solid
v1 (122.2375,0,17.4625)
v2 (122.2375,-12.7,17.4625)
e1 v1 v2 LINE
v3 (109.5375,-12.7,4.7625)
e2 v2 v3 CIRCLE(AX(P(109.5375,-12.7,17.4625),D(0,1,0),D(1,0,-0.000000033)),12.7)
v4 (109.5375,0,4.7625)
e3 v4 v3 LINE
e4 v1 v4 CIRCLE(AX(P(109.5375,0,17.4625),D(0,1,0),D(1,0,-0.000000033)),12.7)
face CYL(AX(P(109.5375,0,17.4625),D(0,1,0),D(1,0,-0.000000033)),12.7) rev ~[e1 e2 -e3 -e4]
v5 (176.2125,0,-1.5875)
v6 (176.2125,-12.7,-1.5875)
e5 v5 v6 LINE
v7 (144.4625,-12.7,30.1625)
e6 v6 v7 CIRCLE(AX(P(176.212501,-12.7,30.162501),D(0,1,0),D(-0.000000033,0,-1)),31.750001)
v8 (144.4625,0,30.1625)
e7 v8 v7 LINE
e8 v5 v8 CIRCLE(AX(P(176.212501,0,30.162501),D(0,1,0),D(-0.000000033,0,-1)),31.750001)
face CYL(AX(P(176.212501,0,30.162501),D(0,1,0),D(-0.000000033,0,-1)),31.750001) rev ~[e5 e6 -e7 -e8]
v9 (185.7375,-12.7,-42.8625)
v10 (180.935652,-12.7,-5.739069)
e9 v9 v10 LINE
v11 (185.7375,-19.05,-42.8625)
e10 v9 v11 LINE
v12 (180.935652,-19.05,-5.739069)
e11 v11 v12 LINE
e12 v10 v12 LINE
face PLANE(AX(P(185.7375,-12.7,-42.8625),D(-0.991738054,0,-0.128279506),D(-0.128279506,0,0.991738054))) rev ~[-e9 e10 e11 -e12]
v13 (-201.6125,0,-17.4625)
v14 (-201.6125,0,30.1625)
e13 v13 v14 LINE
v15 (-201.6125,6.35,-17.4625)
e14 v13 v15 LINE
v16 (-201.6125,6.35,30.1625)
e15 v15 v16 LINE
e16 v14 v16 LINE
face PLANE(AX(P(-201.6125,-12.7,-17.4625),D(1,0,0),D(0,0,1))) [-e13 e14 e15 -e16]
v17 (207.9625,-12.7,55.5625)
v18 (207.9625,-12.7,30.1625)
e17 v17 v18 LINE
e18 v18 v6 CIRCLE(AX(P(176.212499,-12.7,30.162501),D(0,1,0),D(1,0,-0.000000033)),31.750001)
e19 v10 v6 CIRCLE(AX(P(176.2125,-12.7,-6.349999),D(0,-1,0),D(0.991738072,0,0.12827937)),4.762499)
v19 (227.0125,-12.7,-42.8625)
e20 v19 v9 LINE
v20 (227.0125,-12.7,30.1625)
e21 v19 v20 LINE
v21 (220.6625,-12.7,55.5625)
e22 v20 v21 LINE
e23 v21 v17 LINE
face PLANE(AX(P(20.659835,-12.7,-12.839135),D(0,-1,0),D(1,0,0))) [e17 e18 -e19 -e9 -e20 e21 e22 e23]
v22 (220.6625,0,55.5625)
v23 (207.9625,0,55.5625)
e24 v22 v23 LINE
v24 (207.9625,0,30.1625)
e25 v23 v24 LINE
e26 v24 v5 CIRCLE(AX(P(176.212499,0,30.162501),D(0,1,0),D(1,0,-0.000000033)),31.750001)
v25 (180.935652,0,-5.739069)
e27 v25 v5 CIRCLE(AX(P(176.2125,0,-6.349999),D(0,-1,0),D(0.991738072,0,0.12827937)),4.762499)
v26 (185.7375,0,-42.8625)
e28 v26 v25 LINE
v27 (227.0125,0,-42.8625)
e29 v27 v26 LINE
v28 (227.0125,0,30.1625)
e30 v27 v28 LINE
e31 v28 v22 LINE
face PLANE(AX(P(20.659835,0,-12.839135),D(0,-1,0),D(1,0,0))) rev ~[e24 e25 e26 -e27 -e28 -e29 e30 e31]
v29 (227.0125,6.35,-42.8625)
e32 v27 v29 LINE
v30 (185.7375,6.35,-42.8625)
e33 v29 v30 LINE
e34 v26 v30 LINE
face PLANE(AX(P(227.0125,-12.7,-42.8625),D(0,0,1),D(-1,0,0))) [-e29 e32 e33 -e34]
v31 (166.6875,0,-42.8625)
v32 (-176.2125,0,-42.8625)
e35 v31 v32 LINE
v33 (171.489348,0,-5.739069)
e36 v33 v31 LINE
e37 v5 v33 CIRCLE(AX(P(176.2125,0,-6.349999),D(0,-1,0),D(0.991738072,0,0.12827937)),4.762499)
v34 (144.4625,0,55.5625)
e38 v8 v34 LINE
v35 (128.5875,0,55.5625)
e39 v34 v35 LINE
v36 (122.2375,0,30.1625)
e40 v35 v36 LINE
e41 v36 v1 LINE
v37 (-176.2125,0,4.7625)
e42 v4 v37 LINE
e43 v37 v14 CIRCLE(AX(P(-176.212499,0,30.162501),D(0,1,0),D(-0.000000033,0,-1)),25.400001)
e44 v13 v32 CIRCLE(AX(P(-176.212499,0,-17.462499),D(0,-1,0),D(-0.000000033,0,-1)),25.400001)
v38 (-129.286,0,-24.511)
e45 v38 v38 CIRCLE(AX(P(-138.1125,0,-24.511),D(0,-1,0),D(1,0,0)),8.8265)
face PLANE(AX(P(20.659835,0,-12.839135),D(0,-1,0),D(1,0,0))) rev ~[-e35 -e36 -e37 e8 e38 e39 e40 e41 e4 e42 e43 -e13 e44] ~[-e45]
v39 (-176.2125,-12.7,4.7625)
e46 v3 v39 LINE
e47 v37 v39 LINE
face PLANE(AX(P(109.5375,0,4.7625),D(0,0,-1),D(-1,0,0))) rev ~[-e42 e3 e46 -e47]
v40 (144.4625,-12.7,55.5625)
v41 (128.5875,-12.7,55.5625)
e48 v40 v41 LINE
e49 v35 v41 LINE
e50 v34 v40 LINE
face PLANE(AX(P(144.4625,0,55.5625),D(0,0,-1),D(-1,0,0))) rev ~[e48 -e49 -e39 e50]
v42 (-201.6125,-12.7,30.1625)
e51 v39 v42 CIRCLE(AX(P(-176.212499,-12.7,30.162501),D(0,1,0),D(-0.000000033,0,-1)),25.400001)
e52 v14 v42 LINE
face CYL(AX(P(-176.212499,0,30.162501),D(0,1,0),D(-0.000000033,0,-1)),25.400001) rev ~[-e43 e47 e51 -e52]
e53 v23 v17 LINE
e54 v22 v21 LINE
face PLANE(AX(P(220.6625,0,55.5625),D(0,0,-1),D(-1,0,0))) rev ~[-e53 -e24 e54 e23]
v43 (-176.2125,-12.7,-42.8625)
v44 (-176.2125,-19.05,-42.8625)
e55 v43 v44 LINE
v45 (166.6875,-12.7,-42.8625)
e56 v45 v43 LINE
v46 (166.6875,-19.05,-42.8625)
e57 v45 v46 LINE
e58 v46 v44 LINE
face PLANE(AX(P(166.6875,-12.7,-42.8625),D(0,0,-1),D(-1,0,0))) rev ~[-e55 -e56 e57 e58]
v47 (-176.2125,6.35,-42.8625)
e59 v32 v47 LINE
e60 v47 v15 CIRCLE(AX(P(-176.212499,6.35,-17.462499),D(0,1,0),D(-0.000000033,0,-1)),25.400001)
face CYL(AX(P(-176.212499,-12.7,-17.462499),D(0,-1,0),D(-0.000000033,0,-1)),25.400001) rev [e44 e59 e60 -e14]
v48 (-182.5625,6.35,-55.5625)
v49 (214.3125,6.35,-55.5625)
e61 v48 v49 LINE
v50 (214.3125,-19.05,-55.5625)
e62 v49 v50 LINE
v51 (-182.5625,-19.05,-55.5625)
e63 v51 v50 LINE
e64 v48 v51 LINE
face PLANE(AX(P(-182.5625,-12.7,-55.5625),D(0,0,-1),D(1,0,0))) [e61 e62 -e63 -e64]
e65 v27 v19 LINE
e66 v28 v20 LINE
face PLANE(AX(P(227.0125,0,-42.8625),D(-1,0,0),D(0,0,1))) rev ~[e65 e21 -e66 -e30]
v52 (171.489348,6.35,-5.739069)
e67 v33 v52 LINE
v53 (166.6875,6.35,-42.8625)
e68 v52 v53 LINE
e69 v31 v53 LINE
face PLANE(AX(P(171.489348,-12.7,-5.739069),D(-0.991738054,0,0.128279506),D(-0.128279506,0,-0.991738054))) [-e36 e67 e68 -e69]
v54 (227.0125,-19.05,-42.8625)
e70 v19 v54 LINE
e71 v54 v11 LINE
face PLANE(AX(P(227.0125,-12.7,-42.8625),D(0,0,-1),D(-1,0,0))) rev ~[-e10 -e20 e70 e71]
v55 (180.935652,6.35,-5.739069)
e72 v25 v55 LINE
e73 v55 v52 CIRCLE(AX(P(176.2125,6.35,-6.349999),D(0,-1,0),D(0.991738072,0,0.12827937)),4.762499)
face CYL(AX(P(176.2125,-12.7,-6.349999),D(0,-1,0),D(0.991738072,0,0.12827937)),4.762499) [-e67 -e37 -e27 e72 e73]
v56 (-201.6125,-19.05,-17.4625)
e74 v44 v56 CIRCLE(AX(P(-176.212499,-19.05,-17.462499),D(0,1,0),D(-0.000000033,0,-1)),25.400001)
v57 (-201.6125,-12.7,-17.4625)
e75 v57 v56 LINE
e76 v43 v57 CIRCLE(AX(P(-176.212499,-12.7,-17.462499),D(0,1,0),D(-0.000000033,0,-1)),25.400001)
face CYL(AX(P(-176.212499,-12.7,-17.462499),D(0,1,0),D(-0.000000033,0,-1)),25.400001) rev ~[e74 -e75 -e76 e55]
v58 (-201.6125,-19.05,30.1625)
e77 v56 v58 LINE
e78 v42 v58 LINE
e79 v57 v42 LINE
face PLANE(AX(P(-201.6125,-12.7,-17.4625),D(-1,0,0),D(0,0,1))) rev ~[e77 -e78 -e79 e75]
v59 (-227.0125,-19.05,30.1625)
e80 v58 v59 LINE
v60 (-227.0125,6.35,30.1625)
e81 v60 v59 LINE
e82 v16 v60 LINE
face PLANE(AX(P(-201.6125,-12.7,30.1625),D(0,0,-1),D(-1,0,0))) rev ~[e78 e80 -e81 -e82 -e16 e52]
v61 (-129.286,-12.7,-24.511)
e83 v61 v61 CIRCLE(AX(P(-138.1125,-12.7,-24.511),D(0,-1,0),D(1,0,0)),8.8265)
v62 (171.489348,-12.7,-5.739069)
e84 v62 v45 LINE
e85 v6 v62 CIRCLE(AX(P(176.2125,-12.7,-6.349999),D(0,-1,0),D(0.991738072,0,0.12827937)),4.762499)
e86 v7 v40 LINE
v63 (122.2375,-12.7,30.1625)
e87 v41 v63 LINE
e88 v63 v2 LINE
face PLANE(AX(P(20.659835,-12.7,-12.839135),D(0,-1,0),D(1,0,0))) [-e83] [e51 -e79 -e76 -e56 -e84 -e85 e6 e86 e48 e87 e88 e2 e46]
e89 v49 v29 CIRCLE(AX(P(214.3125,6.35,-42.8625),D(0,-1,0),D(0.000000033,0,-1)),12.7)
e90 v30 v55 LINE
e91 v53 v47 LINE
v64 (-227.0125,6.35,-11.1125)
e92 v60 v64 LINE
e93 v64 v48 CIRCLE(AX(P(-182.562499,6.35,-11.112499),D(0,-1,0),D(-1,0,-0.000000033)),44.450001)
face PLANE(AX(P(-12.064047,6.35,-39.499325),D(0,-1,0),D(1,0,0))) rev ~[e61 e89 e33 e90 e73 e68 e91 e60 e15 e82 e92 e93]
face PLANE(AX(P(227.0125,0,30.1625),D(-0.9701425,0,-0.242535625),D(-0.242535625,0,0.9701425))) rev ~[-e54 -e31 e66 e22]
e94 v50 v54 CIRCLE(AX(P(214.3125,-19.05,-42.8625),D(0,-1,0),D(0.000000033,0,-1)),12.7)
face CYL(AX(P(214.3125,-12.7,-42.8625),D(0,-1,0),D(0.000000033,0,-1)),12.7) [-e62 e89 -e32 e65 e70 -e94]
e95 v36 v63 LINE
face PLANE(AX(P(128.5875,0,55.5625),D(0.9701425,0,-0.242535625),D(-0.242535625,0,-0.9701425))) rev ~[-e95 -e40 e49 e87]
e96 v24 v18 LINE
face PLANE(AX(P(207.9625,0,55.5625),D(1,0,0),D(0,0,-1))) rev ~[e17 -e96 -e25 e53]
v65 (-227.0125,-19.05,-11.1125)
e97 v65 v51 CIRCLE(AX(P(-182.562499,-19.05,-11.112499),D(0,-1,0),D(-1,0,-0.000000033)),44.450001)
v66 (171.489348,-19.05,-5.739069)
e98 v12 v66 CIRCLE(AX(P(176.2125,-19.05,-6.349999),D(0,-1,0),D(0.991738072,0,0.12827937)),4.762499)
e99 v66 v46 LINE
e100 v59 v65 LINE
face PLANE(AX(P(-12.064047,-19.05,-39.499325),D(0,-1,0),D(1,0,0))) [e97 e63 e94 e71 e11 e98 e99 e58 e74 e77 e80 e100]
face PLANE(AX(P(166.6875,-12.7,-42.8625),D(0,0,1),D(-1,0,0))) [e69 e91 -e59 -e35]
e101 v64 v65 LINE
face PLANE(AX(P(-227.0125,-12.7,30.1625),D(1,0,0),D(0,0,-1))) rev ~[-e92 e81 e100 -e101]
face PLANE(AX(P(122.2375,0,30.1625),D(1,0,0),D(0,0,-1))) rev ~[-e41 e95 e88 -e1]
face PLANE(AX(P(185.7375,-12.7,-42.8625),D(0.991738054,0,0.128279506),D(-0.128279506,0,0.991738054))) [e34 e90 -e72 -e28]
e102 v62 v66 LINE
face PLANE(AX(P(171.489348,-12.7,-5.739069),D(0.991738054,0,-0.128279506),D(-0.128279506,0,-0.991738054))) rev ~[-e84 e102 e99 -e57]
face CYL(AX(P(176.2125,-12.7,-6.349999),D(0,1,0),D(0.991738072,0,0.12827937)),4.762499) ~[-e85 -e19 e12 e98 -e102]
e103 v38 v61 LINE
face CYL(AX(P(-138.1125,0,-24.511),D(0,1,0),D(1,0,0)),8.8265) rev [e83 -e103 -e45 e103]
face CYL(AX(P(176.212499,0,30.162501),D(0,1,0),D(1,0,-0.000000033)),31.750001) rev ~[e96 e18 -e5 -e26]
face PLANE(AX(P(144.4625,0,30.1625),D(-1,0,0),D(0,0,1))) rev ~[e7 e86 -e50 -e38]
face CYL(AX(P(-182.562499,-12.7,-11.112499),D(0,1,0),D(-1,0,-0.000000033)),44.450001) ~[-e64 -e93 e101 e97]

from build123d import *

# Parameters (mm, degrees)
F0_R          = 8.8265
F1_DEPTH      = 12.7
F3_DEPTH      = 6.35
F3_DEPTH_BACK = 19.05


with BuildPart() as f1:
    # F0 (on Front) → F1 (new body)
    with BuildSketch(Plane.XZ):
        with BuildLine():
            Line((227.0125, 30.1625), (220.6625, 55.5625))
            Line((220.6625, 55.5625), (207.9625, 55.5625))
            Line((207.9625, 55.5625), (207.9625, 30.1625))
            ThreePointArc((207.9625, 30.1625), (198.66314, 7.71186), (176.2125, -1.5875))
            ThreePointArc((176.2125, -1.5875), (153.76186, 7.71186), (144.4625, 30.1625))
            Line((144.4625, 30.1625), (144.4625, 55.5625))
            Line((144.4625, 55.5625), (128.5875, 55.5625))
            Line((128.5875, 55.5625), (122.2375, 30.1625))
            Line((122.2375, 30.1625), (122.2375, 17.4625))
            ThreePointArc((122.2375, 17.4625), (118.517756, 8.482244), (109.5375, 4.7625))
            Line((109.5375, 4.7625), (-176.2125, 4.7625))
            ThreePointArc((-176.2125, 4.7625), (-194.173012, 12.201988), (-201.6125, 30.1625))
            Line((-201.6125, 30.1625), (-227.0125, 30.1625))
            Line((-227.0125, 30.1625), (-227.0125, -11.1125))
            ThreePointArc((-227.0125, -11.1125), (-213.993396, -42.543396), (-182.5625, -55.5625))
            Line((-182.5625, -55.5625), (214.3125, -55.5625))
            ThreePointArc((214.3125, -55.5625), (223.292756, -51.842756), (227.0125, -42.8625))
            Line((227.0125, -42.8625), (227.0125, 30.1625))
        make_face()
        with Locations((-138.1125, -24.511)):
            Circle(F0_R, mode=Mode.SUBTRACT)
    extrude(amount=F1_DEPTH)

    # F2 (on face) → F3 (join, two sides)
    with BuildSketch(Plane.XZ.offset(12.7)) as f3_sk:
        with BuildLine():
            Line((-201.6125, -17.4625), (-201.6125, 30.1625))
            Line((-201.6125, 30.1625), (-227.0125, 30.1625))
            Line((-227.0125, 30.1625), (-227.0125, -11.1125))
            ThreePointArc((-227.0125, -11.1125), (-213.993396, -42.543396), (-182.5625, -55.5625))
            Line((-182.5625, -55.5625), (214.3125, -55.5625))
            ThreePointArc((214.3125, -55.5625), (223.292756, -51.842756), (227.0125, -42.8625))
            Line((227.0125, -42.8625), (185.7375, -42.8625))
            Line((185.7375, -42.8625), (180.935652, -5.739069))
            ThreePointArc((180.935652, -5.739069), (176.2125, -1.5875), (171.489348, -5.739069))
            Line((171.489348, -5.739069), (166.6875, -42.8625))
            Line((166.6875, -42.8625), (-176.2125, -42.8625))
            ThreePointArc((-176.2125, -42.8625), (-194.173012, -35.423012), (-201.6125, -17.4625))
        make_face()
    extrude(amount=F3_DEPTH)
    extrude(f3_sk.sketch, amount=-F3_DEPTH_BACK)


solid = f1.part
